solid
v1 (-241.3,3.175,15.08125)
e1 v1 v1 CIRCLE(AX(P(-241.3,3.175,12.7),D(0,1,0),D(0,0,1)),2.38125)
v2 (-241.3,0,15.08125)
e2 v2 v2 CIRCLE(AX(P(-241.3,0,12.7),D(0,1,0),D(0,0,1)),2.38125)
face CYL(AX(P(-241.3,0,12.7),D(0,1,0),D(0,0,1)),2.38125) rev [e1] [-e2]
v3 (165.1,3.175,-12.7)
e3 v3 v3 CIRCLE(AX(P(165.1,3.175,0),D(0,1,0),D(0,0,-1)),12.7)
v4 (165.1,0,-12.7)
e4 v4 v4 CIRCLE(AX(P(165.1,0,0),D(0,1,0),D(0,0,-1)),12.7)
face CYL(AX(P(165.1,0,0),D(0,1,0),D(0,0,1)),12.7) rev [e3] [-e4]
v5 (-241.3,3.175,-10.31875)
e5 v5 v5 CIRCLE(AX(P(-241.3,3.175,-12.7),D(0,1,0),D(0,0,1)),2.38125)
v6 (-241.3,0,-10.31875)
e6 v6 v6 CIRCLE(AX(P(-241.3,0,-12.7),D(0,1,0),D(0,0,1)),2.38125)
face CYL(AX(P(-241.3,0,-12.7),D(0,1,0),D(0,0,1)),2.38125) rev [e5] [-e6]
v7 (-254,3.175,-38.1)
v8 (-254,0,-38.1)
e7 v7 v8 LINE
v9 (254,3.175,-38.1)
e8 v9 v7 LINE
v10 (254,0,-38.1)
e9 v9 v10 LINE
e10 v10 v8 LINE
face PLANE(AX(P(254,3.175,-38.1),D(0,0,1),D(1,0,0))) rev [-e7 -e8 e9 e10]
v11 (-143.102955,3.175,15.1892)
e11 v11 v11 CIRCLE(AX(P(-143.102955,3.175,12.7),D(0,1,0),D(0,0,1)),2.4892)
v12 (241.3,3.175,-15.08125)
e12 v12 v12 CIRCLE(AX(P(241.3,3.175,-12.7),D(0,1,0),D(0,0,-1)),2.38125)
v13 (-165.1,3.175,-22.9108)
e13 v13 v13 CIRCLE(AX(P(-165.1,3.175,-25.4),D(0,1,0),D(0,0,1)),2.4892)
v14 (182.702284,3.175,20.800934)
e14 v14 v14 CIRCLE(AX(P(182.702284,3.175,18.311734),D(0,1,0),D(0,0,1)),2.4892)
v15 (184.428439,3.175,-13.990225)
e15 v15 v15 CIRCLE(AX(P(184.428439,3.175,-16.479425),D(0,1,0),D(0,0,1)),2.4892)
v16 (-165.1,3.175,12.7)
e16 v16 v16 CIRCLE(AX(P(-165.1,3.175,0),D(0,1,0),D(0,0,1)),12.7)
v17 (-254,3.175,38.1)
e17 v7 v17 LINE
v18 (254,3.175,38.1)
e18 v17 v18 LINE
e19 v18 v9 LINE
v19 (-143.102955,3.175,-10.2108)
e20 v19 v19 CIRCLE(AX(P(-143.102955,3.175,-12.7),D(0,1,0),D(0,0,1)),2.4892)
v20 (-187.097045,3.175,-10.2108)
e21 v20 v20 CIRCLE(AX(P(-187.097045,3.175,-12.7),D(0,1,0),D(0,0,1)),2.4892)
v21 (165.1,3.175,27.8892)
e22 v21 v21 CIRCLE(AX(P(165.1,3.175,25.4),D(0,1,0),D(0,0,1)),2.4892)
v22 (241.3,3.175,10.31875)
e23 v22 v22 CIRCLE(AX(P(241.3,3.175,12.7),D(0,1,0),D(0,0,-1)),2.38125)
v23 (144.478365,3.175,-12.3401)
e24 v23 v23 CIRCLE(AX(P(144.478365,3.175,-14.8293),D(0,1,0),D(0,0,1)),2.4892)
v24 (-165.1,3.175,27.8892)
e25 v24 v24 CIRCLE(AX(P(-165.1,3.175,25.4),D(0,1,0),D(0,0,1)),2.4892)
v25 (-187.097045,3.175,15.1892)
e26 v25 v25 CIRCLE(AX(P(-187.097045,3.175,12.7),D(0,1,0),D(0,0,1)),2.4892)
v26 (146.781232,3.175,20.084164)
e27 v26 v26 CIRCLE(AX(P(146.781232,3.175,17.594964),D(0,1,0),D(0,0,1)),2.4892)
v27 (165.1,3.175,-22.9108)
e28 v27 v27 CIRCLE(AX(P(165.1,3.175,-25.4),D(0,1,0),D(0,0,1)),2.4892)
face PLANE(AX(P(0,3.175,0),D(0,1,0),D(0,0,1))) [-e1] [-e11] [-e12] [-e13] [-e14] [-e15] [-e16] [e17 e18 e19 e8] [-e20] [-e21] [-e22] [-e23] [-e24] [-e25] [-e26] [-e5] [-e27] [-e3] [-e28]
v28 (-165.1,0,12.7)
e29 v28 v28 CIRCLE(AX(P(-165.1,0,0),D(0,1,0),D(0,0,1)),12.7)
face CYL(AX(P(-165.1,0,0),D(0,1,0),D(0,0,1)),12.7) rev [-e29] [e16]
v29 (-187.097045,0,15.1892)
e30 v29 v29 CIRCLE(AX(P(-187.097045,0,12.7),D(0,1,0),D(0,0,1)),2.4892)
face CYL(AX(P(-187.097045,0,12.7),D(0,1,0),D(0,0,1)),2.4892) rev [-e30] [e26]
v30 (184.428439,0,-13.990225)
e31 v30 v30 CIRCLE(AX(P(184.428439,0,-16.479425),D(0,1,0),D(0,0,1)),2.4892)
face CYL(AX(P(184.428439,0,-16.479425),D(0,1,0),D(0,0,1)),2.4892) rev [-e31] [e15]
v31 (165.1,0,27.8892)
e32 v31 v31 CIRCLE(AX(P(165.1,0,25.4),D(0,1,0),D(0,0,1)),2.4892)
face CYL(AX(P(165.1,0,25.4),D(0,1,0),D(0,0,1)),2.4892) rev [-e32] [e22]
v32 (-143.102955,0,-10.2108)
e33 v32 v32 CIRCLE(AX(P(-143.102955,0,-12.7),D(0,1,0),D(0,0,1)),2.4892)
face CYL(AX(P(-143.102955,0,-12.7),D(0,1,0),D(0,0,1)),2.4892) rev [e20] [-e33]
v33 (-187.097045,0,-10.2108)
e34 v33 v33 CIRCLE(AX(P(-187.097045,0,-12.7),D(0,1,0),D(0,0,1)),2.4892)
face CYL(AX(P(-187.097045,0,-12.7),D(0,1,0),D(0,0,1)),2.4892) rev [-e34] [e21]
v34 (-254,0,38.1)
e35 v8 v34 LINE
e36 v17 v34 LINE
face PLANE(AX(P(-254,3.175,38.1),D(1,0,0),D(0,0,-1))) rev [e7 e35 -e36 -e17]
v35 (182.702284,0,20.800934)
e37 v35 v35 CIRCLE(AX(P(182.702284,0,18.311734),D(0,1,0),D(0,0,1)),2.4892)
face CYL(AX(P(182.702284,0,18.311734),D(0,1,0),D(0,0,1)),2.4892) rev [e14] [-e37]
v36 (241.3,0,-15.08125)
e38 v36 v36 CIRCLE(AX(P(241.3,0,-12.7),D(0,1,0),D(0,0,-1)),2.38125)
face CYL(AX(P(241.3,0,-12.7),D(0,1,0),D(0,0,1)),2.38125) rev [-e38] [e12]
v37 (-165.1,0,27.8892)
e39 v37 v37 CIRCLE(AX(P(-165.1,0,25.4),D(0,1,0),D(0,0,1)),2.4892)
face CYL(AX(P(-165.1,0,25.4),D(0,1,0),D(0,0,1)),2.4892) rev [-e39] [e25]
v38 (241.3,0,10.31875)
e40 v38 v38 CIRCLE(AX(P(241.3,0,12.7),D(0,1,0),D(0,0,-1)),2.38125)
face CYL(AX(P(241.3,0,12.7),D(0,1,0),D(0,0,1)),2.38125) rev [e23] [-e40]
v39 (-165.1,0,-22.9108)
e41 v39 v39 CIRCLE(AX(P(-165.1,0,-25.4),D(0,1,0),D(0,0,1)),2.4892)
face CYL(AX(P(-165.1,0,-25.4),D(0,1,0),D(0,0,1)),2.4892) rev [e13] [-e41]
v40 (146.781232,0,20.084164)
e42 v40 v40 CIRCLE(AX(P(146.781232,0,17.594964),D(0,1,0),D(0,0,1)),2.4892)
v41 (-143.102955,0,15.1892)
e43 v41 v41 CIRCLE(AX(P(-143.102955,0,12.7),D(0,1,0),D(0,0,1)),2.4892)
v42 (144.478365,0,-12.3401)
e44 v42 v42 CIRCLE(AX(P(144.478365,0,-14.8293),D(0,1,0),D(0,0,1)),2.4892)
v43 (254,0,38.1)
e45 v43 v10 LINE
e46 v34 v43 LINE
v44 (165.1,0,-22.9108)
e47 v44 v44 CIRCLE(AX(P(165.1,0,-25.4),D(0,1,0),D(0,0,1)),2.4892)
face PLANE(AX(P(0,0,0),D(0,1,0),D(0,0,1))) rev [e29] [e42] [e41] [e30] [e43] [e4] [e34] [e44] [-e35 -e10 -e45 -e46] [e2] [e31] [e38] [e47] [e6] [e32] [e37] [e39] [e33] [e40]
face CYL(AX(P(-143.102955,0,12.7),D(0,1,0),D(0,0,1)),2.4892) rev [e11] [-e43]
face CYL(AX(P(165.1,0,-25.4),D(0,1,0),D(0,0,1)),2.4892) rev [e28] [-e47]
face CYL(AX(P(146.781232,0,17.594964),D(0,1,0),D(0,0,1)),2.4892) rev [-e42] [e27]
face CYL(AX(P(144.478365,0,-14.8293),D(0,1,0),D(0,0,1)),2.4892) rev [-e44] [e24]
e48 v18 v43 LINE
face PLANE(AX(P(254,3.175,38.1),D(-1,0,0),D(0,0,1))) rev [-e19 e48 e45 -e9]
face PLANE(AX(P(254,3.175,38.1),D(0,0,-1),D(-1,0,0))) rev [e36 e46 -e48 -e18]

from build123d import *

# Parameters (mm, degrees)
SKETCH1_W               = 508
SKETCH1_H               = 76.2
BOSS_EXTRUDE1_DEPTH     = 3.175
SKETCH3_R               = 2.38125
CUT_EXTRUDE2_DEPTH      = 3.175
SKETCH4_R               = 12.7
CUT_EXTRUDE3_DEPTH      = 1
CUT_EXTRUDE3_DEPTH_BACK = 4.175
SKETCH5_R               = 2.4892
CUT_EXTRUDE4_DEPTH      = 1
CUT_EXTRUDE4_DEPTH_BACK = 4.175


with BuildPart() as part:
    # Sketch1 → Boss-Extrude1 (new body)
    with BuildSketch(Plane(origin=(0, 0, 0), x_dir=(1, 0, 0), z_dir=(0, 1, 0))):
        Rectangle(SKETCH1_W, SKETCH1_H)
    extrude(amount=BOSS_EXTRUDE1_DEPTH)

    # Sketch3 → Cut-Extrude2 (cut)
    with BuildSketch(Plane(origin=(0, 3.175, 0), x_dir=(1, 0, 0), z_dir=(0, 1, 0))):
        with Locations((-241.3, 12.7)):
            Circle(SKETCH3_R)
        with Locations((-241.3, -12.7)):
            Circle(SKETCH3_R)
        with Locations((241.3, -12.7)):
            Circle(SKETCH3_R)
        with Locations((241.3, 12.7)):
            Circle(SKETCH3_R)
    extrude(amount=-CUT_EXTRUDE2_DEPTH, mode=Mode.SUBTRACT)

    # Sketch4 → Cut-Extrude3 (cut, two sides)
    with BuildSketch(Plane(origin=(0, 3.175, 0), x_dir=(1, 0, 0), z_dir=(0, 1, 0))) as cut_extrude3_sk:
        with Locations((-165.1, 0)):
            Circle(SKETCH4_R)
        with Locations((165.1, 0)):
            Circle(SKETCH4_R)
    extrude(amount=CUT_EXTRUDE3_DEPTH, mode=Mode.SUBTRACT)
    extrude(cut_extrude3_sk.sketch, amount=-CUT_EXTRUDE3_DEPTH_BACK, mode=Mode.SUBTRACT)

    # Sketch5 → Cut-Extrude4 (cut, two sides)
    with BuildSketch(Plane(origin=(0, 3.175, 0), x_dir=(1, 0, 0), z_dir=(0, 1, 0))) as cut_extrude4_sk:
        with Locations((165.1, 25.4)):
            Circle(SKETCH5_R)
        with Locations((165.1, -25.4)):
            Circle(SKETCH5_R)
        with Locations((182.702284282, -18.311733617)):
            Circle(SKETCH5_R)
        with Locations((146.781232197, -17.594963659)):
            Circle(SKETCH5_R)
        with Locations((144.478364545, 14.829300427)):
            Circle(SKETCH5_R)
        with Locations((184.428439169, 16.479424725)):
            Circle(SKETCH5_R)
        with Locations((-165.1, 25.4)):
            Circle(SKETCH5_R)
        with Locations((-165.1, -25.4)):
            Circle(SKETCH5_R)
        with Locations((-143.102954744, -12.7)):
            Circle(SKETCH5_R)
        with Locations((-143.102954744, 12.7)):
            Circle(SKETCH5_R)
        with Locations((-187.097045256, 12.7)):
            Circle(SKETCH5_R)
        with Locations((-187.097045256, -12.7)):
            Circle(SKETCH5_R)
    extrude(amount=CUT_EXTRUDE4_DEPTH, mode=Mode.SUBTRACT)
    extrude(cut_extrude4_sk.sketch, amount=-CUT_EXTRUDE4_DEPTH_BACK, mode=Mode.SUBTRACT)


solid = part.part
